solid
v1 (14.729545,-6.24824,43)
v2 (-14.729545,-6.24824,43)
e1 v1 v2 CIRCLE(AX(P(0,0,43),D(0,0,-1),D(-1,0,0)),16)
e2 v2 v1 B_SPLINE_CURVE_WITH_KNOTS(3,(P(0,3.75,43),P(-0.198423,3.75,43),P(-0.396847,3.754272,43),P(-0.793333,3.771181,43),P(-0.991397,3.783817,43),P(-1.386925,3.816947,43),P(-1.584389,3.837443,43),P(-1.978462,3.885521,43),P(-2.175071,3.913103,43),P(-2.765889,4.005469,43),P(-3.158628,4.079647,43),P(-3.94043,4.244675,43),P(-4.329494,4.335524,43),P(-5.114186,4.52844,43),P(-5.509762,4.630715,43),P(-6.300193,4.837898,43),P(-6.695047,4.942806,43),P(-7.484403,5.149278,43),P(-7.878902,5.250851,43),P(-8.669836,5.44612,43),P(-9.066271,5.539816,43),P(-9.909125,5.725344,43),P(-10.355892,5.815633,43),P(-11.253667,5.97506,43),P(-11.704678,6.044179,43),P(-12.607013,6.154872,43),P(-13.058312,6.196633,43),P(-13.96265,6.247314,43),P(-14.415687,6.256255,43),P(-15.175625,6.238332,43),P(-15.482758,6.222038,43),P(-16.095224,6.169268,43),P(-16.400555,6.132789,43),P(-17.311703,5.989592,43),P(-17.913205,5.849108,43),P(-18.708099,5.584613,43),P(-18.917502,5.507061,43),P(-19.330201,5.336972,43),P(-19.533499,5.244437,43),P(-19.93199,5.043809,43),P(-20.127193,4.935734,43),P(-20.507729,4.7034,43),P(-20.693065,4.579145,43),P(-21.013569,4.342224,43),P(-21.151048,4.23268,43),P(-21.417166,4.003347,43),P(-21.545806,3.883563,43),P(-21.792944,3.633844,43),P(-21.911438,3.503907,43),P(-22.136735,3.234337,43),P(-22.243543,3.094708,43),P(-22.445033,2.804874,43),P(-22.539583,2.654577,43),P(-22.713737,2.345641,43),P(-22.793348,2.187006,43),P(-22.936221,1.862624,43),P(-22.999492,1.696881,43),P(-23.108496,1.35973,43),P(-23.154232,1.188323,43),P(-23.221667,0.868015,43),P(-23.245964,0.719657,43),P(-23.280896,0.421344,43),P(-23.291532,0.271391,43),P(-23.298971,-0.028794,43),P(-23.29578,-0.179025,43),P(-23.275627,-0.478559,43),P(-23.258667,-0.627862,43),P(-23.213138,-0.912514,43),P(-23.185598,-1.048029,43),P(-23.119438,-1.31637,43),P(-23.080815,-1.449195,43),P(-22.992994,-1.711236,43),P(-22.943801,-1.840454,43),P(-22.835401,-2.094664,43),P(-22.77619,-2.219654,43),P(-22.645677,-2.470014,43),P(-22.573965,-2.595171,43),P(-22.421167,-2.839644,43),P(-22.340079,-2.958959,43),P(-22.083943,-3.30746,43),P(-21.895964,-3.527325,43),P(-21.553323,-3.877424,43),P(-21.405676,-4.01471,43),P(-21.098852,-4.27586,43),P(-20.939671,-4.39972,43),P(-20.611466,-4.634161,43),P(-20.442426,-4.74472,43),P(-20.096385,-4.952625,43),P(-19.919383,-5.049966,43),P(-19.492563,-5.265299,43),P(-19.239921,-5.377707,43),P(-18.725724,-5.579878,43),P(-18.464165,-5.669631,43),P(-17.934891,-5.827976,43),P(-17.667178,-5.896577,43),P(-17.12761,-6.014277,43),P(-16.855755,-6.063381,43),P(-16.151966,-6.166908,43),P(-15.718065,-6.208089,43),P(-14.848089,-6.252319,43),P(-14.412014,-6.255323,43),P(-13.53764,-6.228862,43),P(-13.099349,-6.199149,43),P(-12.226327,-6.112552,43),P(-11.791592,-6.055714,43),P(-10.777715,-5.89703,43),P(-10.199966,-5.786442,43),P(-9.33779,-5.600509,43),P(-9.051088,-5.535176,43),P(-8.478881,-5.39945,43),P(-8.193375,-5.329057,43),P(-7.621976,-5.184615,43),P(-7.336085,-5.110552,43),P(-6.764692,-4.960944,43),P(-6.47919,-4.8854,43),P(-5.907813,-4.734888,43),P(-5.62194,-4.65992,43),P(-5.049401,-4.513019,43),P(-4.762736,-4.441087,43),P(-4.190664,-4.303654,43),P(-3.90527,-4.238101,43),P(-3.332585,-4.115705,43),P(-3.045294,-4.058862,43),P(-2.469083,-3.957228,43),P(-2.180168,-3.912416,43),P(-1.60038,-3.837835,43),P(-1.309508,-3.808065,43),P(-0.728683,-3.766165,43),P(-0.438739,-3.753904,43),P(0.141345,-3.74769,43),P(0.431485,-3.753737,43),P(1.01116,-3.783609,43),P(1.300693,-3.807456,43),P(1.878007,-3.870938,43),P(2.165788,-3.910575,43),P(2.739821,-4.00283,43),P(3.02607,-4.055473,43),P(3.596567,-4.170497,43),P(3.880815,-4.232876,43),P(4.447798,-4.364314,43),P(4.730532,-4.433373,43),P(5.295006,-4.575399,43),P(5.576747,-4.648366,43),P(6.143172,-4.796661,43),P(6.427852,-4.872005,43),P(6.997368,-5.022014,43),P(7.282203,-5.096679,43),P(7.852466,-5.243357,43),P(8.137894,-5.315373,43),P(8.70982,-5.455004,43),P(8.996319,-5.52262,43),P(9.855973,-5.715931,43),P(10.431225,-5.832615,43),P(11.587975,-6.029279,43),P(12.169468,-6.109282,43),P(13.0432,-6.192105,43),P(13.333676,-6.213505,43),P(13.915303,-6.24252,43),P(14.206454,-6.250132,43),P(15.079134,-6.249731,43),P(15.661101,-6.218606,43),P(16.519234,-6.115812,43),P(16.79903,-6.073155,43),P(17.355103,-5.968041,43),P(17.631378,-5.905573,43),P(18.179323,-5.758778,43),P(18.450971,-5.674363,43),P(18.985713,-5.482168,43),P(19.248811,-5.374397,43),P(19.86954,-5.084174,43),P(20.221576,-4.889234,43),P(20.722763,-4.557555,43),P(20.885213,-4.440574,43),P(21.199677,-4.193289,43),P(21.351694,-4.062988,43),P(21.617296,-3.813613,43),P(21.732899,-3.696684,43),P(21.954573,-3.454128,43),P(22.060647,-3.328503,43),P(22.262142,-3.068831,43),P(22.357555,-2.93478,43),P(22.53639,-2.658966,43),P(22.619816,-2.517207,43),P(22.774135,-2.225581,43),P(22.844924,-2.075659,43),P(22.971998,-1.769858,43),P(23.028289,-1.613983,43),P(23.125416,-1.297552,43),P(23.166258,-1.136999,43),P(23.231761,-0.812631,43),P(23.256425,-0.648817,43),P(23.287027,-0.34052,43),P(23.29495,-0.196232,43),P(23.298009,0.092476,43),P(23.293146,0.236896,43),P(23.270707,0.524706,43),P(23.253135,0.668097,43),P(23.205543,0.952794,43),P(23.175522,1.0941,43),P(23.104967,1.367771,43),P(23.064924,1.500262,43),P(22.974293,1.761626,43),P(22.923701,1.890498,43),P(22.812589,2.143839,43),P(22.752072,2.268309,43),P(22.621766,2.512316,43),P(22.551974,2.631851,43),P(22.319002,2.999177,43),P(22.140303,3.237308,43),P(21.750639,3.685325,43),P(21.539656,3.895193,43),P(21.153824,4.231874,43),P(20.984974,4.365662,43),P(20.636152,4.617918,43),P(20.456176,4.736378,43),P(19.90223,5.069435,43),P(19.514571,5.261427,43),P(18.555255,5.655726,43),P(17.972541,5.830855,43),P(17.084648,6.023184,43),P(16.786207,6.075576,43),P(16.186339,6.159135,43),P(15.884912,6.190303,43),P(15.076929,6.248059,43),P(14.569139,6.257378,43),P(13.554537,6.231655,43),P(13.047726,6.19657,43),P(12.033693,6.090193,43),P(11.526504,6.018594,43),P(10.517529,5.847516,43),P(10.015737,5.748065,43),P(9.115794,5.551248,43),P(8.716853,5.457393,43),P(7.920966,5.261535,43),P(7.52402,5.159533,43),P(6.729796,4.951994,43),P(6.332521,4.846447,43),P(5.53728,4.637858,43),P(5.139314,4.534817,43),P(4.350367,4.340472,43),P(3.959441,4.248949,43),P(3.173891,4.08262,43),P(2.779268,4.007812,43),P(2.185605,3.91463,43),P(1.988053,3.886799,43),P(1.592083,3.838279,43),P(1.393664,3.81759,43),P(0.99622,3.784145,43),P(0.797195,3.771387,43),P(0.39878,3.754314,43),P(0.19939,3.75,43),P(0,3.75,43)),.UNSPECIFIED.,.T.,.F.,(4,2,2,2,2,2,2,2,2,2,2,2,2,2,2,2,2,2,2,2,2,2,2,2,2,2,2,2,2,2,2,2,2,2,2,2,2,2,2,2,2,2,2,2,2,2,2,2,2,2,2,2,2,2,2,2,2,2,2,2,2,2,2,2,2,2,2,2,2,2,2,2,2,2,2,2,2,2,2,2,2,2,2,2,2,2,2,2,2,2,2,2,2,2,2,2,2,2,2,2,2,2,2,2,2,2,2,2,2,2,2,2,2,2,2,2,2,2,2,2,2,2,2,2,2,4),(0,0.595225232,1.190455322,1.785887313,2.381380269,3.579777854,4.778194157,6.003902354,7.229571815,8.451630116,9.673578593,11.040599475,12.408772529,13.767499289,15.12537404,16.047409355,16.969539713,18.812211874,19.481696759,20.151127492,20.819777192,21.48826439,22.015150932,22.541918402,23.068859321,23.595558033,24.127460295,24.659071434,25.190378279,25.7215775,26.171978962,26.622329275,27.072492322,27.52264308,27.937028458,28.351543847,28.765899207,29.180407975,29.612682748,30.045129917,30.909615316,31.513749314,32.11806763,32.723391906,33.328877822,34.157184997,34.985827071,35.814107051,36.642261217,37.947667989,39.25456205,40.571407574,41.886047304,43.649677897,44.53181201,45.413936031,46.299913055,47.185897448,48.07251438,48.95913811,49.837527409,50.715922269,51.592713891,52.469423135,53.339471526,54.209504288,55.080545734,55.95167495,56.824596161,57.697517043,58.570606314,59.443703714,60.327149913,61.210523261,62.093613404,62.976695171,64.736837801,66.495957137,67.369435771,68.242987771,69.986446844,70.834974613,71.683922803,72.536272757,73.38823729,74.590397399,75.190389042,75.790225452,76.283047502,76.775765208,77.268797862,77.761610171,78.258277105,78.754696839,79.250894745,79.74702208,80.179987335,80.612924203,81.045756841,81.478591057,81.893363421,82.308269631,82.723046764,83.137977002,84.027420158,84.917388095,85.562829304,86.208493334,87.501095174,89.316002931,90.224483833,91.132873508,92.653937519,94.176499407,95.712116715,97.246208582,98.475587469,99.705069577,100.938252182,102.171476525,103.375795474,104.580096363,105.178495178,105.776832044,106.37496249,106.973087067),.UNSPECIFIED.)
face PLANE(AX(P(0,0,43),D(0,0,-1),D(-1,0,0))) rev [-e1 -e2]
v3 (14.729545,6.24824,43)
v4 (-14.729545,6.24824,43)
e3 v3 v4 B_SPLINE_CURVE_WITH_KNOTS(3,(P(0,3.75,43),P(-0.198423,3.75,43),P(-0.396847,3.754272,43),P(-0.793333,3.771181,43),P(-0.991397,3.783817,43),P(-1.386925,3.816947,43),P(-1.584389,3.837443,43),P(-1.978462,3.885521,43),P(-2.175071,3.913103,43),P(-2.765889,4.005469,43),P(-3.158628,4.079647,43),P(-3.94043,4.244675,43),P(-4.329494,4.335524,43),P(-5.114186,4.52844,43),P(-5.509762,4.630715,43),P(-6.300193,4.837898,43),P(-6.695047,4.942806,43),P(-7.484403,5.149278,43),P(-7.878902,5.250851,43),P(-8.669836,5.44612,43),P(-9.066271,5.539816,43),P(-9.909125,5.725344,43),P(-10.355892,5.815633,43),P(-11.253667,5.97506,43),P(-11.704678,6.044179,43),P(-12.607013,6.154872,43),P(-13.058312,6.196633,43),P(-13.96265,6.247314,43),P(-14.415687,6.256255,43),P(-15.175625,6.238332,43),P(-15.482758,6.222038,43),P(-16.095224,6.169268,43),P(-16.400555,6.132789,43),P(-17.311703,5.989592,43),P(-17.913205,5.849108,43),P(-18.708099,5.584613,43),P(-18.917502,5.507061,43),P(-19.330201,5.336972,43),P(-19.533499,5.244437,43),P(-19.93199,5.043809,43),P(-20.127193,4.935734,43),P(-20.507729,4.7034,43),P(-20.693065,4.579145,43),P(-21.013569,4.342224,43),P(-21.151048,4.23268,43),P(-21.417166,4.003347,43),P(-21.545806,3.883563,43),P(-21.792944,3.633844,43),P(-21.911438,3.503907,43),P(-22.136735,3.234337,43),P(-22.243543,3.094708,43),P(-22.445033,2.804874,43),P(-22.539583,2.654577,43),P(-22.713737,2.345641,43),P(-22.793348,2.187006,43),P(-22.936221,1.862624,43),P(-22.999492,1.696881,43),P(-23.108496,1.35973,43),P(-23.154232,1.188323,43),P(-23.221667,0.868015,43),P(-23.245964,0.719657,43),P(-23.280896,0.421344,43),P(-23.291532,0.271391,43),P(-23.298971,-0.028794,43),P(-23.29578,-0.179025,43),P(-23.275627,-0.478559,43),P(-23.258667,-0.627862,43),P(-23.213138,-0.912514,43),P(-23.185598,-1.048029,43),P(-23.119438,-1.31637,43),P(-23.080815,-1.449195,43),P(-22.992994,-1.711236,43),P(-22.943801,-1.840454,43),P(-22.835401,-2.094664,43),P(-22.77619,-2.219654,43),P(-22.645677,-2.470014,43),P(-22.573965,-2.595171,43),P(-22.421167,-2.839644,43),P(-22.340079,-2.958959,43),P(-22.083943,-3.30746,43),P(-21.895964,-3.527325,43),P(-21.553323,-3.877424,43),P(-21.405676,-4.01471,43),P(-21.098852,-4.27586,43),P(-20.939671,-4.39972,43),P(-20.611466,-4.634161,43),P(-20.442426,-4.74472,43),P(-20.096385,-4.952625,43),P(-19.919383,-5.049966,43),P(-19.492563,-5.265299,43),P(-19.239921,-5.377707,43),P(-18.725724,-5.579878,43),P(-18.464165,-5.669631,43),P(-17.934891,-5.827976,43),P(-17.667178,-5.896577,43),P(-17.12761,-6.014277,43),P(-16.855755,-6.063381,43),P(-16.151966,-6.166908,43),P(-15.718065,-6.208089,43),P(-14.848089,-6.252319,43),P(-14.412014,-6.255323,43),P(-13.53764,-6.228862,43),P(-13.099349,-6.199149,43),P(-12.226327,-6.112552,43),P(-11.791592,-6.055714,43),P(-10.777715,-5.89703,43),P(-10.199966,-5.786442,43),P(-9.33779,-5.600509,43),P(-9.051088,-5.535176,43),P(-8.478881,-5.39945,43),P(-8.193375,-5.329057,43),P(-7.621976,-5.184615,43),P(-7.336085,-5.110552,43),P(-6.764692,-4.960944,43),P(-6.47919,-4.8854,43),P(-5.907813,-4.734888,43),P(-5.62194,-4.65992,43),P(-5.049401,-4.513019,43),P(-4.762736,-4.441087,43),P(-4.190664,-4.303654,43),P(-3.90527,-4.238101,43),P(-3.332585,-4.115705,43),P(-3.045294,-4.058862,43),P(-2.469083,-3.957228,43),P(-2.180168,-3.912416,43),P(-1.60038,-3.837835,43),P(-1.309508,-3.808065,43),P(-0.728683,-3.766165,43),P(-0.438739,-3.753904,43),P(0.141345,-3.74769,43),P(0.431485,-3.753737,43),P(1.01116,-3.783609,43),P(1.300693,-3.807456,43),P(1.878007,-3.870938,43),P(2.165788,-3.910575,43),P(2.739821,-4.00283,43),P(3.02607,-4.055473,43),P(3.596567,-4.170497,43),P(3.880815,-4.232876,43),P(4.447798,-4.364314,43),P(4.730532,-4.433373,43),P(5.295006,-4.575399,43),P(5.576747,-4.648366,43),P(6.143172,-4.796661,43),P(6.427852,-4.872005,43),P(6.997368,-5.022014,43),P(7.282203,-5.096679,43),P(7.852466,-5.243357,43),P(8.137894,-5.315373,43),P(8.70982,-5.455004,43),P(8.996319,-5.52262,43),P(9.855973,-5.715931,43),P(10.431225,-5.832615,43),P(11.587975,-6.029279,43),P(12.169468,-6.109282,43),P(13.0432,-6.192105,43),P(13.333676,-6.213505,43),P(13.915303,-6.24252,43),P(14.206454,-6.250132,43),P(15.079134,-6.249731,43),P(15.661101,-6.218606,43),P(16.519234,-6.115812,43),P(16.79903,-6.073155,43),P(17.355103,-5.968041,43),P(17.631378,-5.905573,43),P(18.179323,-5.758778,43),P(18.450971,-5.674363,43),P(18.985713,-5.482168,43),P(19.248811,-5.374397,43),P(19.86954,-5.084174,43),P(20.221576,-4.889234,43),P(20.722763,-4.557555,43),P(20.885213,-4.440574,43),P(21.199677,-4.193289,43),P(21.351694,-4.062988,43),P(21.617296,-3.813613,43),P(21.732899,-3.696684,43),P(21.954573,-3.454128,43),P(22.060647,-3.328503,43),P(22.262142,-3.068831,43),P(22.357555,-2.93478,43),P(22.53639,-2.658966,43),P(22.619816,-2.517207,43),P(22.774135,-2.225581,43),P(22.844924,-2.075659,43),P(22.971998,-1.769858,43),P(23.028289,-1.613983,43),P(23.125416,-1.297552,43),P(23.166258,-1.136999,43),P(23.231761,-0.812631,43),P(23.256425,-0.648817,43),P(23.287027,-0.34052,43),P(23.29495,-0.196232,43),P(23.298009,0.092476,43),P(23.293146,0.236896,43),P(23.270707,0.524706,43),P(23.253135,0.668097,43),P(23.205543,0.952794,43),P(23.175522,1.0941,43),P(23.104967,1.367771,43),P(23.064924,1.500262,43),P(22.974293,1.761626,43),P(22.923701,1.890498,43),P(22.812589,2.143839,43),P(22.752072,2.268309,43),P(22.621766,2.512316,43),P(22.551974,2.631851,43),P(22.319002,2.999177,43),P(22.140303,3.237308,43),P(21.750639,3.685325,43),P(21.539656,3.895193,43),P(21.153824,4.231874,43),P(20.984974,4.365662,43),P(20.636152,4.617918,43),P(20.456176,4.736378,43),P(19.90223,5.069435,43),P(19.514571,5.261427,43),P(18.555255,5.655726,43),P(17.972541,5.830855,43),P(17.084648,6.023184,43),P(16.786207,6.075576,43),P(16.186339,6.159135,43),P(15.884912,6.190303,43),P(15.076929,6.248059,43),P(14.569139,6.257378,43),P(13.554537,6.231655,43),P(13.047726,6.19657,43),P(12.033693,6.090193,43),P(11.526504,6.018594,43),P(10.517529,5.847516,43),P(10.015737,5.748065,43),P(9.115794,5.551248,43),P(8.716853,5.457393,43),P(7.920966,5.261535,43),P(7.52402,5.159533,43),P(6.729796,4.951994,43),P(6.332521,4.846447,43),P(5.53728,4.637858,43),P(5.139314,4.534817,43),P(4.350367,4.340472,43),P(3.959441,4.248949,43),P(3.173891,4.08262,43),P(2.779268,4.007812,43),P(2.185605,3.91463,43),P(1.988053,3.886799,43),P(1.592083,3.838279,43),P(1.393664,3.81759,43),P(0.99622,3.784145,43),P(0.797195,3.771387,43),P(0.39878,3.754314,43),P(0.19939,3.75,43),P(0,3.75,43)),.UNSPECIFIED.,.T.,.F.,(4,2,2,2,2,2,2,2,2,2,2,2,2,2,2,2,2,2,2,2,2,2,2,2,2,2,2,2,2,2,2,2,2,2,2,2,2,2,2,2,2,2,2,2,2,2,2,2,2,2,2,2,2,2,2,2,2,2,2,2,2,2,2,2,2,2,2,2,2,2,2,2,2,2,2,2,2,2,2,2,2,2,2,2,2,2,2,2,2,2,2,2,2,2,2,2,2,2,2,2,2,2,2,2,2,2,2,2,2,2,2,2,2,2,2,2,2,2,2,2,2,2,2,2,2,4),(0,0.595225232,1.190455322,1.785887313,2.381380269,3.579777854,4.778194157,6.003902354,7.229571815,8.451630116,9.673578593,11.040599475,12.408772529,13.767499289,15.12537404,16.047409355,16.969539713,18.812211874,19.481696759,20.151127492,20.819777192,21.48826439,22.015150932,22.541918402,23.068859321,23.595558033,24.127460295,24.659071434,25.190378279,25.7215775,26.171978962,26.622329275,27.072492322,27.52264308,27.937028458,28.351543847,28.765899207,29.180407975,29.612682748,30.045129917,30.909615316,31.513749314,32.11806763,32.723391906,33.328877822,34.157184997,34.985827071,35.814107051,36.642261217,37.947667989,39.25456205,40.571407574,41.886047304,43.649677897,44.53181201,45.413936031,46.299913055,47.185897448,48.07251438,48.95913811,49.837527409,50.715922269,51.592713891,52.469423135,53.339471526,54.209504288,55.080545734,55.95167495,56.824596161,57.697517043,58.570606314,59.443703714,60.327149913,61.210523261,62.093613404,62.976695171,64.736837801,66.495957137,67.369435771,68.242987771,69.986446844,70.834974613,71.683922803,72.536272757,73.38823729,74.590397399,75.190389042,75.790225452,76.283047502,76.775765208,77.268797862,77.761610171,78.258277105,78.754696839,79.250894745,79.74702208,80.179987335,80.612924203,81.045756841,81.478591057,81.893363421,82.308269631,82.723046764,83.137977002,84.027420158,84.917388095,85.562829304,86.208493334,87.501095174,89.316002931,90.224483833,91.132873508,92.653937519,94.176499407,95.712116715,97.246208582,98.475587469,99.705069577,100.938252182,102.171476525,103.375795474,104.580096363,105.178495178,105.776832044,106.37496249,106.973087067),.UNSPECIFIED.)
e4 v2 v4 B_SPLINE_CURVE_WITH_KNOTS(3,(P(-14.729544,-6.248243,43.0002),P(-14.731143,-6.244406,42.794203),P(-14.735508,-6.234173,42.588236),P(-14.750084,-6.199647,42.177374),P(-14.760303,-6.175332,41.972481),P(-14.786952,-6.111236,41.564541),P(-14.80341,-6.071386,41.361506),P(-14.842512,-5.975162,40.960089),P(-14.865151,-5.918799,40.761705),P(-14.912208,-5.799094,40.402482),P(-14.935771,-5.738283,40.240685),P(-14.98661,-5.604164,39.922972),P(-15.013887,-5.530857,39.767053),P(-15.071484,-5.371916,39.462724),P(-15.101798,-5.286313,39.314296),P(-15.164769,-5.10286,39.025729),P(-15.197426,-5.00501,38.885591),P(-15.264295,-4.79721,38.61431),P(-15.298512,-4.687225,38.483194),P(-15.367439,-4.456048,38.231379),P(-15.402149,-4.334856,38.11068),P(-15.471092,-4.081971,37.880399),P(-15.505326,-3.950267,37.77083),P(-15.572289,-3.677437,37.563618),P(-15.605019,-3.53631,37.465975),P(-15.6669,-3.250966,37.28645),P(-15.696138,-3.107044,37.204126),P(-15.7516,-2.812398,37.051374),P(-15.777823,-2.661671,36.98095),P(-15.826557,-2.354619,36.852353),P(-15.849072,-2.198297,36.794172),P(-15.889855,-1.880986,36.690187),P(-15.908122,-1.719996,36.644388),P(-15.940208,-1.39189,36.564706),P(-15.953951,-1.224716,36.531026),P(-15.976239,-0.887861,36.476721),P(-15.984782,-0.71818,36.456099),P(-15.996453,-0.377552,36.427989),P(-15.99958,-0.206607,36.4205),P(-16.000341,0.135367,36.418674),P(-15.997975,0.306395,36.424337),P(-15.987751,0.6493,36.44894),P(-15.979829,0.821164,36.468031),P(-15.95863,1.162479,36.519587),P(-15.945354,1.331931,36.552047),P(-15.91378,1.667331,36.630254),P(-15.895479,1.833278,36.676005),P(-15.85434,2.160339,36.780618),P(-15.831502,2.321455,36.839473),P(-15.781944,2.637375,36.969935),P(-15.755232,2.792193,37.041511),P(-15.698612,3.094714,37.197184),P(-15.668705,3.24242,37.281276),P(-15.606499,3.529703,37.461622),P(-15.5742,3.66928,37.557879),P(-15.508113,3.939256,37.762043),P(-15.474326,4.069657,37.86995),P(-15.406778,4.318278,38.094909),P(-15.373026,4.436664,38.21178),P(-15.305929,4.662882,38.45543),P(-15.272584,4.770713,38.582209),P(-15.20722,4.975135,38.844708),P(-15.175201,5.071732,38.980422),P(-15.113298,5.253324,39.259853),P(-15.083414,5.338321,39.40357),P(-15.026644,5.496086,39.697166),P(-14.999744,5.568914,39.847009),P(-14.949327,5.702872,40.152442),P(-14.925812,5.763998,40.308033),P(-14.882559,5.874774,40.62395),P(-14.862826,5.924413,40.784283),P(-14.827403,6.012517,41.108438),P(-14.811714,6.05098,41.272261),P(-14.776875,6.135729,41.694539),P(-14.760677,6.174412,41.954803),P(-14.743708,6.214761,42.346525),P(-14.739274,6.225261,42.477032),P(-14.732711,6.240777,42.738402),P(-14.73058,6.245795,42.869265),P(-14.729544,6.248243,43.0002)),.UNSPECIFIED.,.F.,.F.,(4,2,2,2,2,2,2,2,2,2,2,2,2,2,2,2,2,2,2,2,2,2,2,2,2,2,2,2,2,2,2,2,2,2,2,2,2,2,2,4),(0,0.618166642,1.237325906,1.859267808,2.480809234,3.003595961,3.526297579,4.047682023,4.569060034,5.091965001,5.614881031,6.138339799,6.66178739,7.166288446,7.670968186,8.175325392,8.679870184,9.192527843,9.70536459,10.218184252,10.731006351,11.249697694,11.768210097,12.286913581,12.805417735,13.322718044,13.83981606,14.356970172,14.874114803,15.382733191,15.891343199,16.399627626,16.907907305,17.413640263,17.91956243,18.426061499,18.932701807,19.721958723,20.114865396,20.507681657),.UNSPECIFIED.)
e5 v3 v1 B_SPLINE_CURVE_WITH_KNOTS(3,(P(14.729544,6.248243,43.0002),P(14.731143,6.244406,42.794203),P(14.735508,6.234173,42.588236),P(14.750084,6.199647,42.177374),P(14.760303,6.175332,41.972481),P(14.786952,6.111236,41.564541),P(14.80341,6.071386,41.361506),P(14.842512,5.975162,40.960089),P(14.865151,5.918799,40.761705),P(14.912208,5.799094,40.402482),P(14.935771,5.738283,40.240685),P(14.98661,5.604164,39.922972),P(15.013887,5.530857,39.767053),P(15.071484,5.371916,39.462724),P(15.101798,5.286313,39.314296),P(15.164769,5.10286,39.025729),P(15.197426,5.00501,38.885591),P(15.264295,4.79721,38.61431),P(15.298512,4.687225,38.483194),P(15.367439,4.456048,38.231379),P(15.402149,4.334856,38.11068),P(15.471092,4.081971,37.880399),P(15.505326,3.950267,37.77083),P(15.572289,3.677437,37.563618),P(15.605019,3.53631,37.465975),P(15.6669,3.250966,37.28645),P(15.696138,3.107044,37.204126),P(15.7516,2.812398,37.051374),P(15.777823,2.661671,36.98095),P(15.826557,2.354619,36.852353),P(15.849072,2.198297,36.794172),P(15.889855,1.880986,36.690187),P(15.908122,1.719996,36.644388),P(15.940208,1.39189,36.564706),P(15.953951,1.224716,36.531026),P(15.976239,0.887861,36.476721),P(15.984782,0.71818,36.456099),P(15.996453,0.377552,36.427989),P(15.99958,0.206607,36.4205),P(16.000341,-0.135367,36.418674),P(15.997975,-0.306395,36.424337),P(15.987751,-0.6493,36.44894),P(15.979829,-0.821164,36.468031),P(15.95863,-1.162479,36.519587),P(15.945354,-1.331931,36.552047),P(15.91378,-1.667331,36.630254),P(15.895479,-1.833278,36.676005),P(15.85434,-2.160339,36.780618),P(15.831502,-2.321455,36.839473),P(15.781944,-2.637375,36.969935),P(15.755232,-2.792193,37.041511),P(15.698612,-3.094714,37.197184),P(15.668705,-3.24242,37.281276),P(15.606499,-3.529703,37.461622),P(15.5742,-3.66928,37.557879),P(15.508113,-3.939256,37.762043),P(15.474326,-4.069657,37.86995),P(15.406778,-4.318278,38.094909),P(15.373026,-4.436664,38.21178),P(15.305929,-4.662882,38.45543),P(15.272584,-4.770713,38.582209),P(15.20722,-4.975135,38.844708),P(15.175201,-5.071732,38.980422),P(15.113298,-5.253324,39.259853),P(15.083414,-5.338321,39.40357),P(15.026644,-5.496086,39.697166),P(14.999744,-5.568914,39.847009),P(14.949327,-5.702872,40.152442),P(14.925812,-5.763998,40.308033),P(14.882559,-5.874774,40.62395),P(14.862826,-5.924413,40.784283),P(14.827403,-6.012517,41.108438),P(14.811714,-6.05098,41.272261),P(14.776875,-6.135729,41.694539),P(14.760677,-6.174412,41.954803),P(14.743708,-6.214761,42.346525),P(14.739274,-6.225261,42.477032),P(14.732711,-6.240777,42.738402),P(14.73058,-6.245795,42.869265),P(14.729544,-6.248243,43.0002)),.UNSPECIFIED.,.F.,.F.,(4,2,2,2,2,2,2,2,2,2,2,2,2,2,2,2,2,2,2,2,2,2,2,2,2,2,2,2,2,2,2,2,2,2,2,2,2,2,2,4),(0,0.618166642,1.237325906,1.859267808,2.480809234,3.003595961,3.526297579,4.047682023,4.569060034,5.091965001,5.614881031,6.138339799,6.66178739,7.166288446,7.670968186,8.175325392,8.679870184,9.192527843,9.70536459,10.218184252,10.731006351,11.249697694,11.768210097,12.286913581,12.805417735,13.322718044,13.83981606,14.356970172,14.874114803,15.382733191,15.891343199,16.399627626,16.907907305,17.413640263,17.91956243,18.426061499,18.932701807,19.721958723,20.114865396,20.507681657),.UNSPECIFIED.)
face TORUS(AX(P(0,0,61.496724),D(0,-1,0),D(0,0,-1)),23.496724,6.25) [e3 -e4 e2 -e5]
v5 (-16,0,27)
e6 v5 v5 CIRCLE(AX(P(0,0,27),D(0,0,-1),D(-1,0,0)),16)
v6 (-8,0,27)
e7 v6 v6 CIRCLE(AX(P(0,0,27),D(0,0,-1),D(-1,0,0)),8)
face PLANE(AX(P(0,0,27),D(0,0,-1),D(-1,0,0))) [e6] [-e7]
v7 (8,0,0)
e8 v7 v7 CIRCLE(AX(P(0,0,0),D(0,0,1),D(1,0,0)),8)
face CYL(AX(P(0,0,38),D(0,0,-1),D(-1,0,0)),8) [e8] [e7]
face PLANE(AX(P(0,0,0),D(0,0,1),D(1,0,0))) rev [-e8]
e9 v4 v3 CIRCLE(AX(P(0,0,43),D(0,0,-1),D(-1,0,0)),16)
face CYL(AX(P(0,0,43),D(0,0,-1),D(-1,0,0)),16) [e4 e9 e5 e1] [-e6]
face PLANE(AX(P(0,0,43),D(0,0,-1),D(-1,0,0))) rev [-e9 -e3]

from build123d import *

# Parameters (mm, degrees)
SKETCH_1_R      = 8
EXTRUDE_1_DEPTH = 38
SKETCH_4_R      = 6.25
SKETCH_5_R      = 16
EXTRUDE_2_DEPTH = 16


with BuildPart() as part:
    # ｽｹｯﾁ1 → ﾎﾞｽ - 押し出し1 (new body)
    with BuildSketch(Plane.XY):
        Circle(SKETCH_1_R)
    extrude(amount=EXTRUDE_1_DEPTH)

    # ｽｲｰﾌﾟ1: sweep along a path in ｽｹｯﾁ3
    with BuildLine(Plane(origin=(0, 0, 0), x_dir=(1, 0, 0), z_dir=(0, 1, 0))) as sweep_1_path:
        CenterArc((0, -61.496723685), 23.496723685, 0, 360)
    # ｽｹｯﾁ4 → ｽｲｰﾌﾟ1 (sweep)
    with BuildSketch(Plane(origin=(0, 0, 0), x_dir=(0, 0, -1), z_dir=(1, 0, 0))):
        with Locations((-38, 0)):
            Circle(SKETCH_4_R)
    sweep(path=sweep_1_path.line)

    # ｽｹｯﾁ5 → ﾎﾞｽ - 押し出し2 (add)
    with BuildSketch(Plane(origin=(0, 0, 27), x_dir=(-1, 0, 0), z_dir=(0, 0, -1))):
        Circle(SKETCH_5_R)
    extrude(amount=-EXTRUDE_2_DEPTH)


solid = part.part
